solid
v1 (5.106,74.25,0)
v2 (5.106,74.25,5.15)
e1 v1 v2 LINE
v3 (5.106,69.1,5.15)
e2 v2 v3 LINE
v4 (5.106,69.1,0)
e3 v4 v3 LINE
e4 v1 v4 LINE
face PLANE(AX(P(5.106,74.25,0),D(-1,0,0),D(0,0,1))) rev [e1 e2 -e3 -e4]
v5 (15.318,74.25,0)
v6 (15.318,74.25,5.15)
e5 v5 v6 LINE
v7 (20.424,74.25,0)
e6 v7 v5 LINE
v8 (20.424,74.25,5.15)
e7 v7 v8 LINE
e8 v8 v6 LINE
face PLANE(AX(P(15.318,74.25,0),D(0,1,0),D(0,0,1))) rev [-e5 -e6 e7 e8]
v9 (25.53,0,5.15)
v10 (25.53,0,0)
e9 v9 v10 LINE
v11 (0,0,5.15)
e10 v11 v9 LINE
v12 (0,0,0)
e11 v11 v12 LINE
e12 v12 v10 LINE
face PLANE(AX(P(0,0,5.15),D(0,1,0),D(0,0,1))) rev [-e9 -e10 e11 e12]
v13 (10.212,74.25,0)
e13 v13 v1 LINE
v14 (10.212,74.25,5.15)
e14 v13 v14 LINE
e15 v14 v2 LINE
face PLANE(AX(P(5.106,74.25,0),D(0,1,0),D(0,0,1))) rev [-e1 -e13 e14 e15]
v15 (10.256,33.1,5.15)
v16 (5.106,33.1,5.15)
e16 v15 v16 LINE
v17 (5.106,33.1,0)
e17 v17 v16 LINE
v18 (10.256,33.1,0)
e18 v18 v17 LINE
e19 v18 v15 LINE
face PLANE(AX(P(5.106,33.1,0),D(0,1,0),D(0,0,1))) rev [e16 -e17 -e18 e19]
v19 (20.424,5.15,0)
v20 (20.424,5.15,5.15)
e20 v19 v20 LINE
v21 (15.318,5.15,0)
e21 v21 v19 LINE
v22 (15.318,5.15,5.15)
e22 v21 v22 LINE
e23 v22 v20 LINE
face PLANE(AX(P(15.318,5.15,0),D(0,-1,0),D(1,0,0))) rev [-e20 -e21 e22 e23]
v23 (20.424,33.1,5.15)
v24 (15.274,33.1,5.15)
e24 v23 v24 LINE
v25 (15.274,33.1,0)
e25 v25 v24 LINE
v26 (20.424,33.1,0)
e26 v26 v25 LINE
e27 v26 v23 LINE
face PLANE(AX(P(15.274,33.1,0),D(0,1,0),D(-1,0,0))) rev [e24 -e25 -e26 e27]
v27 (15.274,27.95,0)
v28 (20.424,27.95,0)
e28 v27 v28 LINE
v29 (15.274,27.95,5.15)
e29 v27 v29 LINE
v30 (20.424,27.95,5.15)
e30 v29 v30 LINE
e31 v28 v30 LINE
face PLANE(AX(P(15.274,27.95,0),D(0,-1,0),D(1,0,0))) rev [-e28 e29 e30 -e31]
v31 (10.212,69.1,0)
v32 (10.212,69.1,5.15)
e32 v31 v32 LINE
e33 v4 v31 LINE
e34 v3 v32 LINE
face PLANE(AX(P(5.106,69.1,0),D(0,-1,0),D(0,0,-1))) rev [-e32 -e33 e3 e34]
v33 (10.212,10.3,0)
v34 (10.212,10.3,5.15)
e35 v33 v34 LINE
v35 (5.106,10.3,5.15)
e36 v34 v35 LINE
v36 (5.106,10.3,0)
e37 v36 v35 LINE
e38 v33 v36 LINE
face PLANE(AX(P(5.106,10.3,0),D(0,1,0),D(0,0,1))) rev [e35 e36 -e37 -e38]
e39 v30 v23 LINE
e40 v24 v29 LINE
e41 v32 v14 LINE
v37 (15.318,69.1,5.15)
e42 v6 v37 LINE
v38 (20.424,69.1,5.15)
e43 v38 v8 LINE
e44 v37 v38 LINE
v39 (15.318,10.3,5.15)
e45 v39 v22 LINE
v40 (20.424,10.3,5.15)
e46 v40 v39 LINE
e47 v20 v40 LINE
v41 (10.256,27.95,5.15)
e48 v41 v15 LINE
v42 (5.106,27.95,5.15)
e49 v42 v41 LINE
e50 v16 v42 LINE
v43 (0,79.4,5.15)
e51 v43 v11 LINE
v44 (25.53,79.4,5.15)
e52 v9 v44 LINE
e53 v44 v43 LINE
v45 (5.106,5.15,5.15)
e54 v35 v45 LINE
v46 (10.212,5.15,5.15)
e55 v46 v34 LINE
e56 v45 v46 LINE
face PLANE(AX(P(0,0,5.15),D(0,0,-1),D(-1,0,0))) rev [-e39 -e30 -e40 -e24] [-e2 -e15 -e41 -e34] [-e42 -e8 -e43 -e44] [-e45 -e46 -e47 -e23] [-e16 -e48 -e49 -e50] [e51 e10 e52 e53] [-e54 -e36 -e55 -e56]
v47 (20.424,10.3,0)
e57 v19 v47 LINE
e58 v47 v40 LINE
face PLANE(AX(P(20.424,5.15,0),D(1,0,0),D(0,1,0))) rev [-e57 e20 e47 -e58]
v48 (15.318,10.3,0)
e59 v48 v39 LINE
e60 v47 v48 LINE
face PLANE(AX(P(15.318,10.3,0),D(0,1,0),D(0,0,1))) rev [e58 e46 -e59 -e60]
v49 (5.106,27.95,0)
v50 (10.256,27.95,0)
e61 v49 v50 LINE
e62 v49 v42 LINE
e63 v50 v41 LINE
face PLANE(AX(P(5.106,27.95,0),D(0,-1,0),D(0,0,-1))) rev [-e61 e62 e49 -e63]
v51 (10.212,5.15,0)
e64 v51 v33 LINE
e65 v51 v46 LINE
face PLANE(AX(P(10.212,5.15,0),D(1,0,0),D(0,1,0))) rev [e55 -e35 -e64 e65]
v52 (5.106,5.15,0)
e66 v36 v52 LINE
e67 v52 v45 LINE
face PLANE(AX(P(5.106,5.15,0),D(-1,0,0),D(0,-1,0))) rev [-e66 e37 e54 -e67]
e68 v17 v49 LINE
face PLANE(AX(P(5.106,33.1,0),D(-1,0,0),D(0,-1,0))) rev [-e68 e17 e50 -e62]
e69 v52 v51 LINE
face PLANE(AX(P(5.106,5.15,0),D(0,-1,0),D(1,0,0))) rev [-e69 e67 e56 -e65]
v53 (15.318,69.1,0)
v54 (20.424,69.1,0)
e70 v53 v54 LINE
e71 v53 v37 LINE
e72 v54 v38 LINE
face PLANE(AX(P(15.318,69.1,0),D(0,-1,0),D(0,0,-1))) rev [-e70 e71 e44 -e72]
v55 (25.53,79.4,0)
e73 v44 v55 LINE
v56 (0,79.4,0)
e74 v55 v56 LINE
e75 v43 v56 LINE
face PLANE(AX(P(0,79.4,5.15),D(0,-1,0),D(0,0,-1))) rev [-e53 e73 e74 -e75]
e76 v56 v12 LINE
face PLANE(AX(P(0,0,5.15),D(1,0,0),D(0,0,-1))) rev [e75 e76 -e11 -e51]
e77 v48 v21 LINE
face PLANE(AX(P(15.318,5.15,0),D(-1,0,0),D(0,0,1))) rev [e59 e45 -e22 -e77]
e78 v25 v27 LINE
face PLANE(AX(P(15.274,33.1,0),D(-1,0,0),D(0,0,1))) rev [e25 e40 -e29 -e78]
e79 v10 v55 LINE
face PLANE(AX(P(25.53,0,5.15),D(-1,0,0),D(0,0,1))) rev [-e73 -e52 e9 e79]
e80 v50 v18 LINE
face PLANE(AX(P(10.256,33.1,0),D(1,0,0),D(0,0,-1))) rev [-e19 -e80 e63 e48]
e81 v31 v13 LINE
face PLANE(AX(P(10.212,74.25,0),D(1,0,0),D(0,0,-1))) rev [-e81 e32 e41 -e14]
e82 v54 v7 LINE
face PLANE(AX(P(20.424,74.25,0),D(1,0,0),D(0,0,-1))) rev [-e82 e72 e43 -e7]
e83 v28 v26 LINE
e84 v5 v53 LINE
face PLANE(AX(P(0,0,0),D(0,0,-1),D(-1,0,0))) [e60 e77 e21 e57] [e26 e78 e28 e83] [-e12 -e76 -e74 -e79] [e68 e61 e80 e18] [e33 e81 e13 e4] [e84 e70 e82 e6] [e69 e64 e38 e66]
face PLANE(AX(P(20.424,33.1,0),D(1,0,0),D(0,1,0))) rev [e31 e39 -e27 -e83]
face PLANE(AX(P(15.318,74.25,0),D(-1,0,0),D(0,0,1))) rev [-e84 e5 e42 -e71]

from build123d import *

# Parameters (mm, degrees)
SKETCH1_W           = 25.53
SKETCH1_H           = 79.4
BOSS_EXTRUDE1_DEPTH = 5.15
SKETCH2_W           = 5.106
SKETCH2_H           = 5.15
SKETCH2_W_2         = 5.15
CUT_EXTRUDE1_DEPTH  = 6.15


with BuildPart() as part:
    # Sketch1 → Boss-Extrude1 (new body)
    with BuildSketch(Plane.XY):
        with Locations((12.765, 39.7)):
            Rectangle(SKETCH1_W, SKETCH1_H)
    extrude(amount=BOSS_EXTRUDE1_DEPTH)

    # Sketch2 → Cut-Extrude1 (cut, through all)
    with BuildSketch(Plane.XY.offset(5.15)):
        with Locations((7.659, 71.675)):
            Rectangle(SKETCH2_W, SKETCH2_H)
        with Locations((17.871, 71.675)):
            Rectangle(SKETCH2_W, SKETCH2_H)
        with Locations((7.681, 30.525)):
            Rectangle(SKETCH2_W_2, SKETCH2_H)
        with Locations((17.849, 30.525)):
            Rectangle(SKETCH2_W_2, SKETCH2_H)
        with Locations((17.871, 7.725)):
            Rectangle(SKETCH2_W, SKETCH2_H)
        with Locations((7.659, 7.725)):
            Rectangle(SKETCH2_W, SKETCH2_H)
    extrude(amount=-CUT_EXTRUDE1_DEPTH, mode=Mode.SUBTRACT)


solid = part.part
